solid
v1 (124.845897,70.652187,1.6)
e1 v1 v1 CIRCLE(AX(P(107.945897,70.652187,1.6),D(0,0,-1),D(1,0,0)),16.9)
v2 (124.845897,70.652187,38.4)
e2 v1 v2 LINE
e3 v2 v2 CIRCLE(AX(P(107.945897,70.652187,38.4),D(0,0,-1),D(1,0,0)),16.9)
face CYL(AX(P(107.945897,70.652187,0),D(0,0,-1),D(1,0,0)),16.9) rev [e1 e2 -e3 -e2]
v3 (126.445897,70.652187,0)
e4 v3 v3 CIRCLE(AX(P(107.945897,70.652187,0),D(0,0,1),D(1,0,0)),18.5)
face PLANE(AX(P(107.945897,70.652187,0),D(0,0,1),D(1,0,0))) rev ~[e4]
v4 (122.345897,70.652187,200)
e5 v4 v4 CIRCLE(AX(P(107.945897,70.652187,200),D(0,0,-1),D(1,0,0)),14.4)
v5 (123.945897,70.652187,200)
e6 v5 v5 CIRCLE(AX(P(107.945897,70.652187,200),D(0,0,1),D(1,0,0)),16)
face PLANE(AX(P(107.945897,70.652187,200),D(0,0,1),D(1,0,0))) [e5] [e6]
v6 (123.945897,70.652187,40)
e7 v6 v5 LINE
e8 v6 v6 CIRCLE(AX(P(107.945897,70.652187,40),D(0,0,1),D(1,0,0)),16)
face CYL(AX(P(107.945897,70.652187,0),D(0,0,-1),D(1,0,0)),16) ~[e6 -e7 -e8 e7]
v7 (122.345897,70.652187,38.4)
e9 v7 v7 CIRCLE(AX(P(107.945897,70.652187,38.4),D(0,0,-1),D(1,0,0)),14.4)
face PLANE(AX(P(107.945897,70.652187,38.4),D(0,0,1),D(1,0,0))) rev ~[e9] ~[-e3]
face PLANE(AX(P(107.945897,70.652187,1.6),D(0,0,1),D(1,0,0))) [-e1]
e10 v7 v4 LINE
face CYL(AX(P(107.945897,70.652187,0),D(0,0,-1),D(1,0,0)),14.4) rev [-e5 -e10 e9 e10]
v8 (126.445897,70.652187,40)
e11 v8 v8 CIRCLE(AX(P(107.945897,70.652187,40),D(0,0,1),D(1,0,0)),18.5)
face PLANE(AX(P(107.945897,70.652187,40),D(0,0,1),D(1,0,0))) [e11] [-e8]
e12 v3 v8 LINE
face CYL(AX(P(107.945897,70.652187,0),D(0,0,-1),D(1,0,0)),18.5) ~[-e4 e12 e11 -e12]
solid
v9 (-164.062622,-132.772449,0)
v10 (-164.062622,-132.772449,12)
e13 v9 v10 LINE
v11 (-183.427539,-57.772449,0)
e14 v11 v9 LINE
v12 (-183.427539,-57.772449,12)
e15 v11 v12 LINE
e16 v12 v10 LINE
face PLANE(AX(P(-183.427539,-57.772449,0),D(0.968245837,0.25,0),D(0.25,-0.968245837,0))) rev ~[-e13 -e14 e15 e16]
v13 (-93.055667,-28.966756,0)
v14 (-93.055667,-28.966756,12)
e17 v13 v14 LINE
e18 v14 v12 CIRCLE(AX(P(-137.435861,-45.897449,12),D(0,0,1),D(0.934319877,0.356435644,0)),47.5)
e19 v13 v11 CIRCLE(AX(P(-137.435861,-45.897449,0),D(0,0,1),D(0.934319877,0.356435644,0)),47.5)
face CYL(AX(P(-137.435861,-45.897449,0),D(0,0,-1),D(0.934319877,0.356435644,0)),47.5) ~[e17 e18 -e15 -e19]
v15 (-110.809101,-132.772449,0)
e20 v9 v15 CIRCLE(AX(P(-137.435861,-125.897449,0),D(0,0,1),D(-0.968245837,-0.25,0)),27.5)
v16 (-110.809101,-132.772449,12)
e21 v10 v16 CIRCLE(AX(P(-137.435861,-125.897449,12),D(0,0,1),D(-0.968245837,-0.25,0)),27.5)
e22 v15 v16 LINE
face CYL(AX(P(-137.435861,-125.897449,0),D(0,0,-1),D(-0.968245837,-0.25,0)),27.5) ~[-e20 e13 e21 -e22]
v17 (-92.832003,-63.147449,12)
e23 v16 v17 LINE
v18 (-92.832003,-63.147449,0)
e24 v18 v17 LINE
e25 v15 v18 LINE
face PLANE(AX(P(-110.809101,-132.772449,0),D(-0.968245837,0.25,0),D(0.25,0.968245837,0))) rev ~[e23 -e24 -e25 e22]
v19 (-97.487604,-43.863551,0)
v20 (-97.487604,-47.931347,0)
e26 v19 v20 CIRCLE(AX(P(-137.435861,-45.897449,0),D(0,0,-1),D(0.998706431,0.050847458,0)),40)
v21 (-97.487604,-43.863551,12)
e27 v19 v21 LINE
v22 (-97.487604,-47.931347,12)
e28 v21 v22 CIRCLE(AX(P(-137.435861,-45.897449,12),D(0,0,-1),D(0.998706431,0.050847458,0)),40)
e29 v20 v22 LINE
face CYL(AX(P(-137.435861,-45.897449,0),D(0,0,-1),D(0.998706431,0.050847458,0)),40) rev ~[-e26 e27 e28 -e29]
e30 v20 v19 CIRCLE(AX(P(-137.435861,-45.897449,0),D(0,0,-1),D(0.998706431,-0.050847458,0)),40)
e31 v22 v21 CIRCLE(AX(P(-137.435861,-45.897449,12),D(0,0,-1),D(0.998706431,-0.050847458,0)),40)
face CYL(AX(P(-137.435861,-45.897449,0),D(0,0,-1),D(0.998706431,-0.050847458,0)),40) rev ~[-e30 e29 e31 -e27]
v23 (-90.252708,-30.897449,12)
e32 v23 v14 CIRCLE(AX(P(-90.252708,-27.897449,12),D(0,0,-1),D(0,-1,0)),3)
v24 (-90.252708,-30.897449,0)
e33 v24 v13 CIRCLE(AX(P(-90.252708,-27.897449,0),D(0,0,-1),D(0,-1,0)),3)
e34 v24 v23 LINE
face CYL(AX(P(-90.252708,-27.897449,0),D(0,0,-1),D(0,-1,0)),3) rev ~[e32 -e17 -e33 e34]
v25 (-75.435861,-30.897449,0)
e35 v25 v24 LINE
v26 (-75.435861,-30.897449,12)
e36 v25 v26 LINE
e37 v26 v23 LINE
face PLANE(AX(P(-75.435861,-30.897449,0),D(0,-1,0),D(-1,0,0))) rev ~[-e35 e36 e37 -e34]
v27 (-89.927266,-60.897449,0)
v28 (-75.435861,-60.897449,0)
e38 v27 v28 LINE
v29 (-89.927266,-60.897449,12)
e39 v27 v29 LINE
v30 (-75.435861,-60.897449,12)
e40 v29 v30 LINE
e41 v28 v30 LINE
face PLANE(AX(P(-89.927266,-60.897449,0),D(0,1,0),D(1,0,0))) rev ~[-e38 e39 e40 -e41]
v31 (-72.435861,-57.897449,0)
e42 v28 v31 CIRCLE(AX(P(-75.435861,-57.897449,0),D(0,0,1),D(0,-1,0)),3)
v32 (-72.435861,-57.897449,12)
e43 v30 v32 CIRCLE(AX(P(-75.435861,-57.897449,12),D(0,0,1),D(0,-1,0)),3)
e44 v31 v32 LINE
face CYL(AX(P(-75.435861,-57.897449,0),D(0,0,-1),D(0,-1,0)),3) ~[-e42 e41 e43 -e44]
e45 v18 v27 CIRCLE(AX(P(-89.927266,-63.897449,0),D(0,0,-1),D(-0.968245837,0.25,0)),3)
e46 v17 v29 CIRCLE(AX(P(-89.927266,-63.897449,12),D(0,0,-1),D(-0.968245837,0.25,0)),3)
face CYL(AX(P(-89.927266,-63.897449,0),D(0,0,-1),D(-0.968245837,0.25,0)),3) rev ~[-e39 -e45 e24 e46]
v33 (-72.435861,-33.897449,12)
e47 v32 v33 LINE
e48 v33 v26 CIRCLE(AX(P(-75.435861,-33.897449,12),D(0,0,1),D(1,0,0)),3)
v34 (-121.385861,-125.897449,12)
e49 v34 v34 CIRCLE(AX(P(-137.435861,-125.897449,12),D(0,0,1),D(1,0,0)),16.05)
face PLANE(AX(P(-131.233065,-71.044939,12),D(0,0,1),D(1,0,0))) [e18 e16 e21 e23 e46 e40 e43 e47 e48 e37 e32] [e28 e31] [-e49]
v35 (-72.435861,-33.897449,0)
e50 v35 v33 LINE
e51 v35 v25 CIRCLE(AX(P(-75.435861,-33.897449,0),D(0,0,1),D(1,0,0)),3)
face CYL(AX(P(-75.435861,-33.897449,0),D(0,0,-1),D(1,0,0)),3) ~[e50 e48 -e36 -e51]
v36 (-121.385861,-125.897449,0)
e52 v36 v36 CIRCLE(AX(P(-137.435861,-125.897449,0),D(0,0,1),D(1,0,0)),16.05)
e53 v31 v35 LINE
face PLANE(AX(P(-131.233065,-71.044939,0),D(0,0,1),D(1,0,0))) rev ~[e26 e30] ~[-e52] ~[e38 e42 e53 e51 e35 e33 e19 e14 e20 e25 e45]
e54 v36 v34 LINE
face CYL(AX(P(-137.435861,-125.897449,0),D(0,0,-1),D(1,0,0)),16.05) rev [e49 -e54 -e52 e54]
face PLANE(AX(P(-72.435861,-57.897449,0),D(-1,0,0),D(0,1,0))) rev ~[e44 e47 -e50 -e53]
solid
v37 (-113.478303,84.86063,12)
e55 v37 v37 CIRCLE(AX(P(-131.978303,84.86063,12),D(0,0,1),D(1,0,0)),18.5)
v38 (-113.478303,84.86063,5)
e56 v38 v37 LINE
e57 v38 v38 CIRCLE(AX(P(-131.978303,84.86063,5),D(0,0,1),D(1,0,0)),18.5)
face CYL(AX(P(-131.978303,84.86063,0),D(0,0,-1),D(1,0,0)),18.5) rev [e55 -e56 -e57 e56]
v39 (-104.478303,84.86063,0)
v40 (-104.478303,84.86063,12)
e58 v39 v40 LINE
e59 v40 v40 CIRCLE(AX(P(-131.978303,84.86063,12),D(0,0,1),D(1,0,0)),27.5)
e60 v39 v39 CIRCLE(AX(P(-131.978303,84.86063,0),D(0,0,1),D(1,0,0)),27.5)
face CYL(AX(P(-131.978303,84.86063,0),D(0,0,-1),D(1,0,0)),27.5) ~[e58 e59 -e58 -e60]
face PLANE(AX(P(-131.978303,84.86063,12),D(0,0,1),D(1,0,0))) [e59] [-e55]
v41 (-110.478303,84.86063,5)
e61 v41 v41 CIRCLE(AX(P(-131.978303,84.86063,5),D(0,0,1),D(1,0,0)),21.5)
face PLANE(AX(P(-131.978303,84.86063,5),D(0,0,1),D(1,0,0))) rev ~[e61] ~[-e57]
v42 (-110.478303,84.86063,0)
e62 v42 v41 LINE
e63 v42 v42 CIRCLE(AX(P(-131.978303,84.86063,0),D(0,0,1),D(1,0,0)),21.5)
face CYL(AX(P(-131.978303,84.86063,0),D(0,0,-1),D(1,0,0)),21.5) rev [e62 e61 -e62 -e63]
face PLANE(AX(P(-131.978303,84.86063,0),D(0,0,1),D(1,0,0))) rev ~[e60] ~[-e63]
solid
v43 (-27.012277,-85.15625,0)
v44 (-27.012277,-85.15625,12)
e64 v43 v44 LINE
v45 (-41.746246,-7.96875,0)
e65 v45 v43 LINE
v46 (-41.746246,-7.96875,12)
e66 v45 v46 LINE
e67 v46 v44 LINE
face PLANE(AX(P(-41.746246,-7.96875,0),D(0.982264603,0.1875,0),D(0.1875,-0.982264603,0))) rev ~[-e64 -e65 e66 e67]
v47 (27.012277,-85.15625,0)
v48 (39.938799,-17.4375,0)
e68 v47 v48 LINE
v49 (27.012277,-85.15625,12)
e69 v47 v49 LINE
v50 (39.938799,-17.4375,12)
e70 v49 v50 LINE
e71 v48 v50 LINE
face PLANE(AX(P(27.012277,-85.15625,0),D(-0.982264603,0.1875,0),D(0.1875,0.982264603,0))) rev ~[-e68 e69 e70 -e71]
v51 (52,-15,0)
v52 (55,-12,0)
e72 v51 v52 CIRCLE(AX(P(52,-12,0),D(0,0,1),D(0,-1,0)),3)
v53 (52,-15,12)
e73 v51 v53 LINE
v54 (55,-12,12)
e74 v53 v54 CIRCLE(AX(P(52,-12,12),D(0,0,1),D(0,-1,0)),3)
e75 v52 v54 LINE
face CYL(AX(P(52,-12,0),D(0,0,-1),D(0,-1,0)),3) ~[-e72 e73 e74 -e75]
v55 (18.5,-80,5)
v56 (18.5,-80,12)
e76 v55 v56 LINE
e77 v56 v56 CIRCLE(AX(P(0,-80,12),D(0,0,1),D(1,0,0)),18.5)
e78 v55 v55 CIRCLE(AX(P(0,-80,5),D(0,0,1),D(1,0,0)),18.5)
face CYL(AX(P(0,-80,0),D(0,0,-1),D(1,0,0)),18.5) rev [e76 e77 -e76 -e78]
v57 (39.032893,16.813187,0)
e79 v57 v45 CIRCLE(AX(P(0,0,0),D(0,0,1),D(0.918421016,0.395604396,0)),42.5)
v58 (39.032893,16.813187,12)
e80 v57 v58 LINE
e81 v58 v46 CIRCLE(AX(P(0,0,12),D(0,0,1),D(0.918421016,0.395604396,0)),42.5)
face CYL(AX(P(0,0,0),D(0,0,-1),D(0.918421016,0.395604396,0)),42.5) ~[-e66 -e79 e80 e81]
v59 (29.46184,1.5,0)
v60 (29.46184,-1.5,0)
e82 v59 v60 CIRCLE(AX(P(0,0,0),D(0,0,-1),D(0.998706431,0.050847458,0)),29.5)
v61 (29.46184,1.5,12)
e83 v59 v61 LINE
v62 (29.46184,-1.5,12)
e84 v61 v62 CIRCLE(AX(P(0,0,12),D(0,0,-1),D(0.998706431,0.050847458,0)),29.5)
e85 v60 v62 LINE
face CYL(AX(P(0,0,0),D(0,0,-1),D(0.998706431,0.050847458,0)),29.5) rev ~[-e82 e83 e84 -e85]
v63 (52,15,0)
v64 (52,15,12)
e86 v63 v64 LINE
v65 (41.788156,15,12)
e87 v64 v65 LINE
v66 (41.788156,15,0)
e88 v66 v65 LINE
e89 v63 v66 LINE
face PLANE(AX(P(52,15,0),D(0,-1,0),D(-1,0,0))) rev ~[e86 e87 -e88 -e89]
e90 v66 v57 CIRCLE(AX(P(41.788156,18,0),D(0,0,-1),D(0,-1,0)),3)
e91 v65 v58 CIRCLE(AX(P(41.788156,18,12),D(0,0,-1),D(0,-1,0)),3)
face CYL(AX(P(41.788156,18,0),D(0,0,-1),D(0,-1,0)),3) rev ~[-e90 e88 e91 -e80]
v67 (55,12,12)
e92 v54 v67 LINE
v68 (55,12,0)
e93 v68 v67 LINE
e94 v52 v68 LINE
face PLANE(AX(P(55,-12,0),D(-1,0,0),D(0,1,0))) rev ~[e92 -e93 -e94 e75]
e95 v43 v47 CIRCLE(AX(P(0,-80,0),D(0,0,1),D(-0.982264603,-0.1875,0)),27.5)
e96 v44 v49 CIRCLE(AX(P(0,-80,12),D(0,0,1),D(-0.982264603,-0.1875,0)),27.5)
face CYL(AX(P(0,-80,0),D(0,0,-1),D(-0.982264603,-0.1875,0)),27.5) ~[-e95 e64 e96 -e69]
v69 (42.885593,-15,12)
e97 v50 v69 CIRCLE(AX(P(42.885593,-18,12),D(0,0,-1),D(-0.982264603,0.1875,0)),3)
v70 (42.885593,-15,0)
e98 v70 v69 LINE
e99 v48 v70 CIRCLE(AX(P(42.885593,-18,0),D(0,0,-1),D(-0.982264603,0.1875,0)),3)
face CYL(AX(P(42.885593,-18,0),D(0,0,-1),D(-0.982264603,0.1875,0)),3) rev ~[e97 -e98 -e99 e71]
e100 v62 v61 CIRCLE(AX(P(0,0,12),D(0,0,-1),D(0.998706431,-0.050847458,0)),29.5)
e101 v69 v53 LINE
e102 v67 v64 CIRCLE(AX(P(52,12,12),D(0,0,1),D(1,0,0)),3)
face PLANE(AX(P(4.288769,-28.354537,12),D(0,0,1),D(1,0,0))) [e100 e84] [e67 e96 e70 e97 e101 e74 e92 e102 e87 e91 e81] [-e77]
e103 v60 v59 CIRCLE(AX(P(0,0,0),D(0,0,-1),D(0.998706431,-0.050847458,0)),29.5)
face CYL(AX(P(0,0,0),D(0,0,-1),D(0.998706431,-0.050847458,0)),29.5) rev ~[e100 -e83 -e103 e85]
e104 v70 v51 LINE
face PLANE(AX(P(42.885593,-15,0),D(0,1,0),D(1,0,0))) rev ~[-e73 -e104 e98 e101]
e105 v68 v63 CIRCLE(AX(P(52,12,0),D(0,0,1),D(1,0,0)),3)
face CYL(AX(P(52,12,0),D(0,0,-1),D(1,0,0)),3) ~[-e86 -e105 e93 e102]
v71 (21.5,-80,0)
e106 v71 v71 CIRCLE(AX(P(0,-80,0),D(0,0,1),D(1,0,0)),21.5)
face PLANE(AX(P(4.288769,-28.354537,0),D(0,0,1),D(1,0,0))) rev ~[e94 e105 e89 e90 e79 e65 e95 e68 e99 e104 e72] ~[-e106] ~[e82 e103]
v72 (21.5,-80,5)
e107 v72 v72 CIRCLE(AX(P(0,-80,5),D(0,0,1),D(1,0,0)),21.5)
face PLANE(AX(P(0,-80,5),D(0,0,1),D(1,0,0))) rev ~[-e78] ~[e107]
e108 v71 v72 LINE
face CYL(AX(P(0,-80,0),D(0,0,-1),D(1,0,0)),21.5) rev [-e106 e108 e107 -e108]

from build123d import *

# Parameters (mm, degrees)
F0_R     = 21.5
F0_R_2   = 18.5
F1_DEPTH = 12
F0_R_3   = 16.05
F0_R_4   = 27.5
F0_R_5   = 16
F2_DEPTH = 200
F3_DEPTH = 40
F4_DEPTH = 5
F5_DEPTH = 5
F6_T     = -1.6


with BuildPart() as f1:
    # F0 (on Top) → F1 (new body)
    with BuildSketch(Plane.XY):
        with BuildLine():
            ThreePointArc((41.7881562168, 15), (40.1389805986, 15.4939633322), (39.0328931695, 16.8131868132))
            ThreePointArc((39.0328931695, 16.8131868132), (-12.4650177872, 40.6309405695), (-41.7462456209, -7.96875))
            Line((-41.7462456209, -7.96875), (-27.0122765782, -85.15625))
            ThreePointArc((-27.0122765782, -85.15625), (0, -107.5), (27.0122765782, -85.15625))
            Line((27.0122765782, -85.15625), (39.938799216, -17.4375))
            ThreePointArc((39.938799216, -17.4375), (40.973460707, -15.6883447489), (42.8855930246, -15))
            Line((42.8855930246, -15), (52, -15))
            ThreePointArc((52, -15), (54.1213203436, -14.1213203436), (55, -12))
            Line((55, -12), (55, -1.5))
            Line((55, -1.5), (55, 1.5))
            Line((55, 1.5), (55, 12))
            ThreePointArc((55, 12), (54.1213203436, 14.1213203436), (52, 15))
            Line((52, 15), (41.7881562168, 15))
        make_face()
        with Locations((0, -80)):
            Circle(F0_R, mode=Mode.SUBTRACT)
        with BuildLine():
            ThreePointArc((29.4618397253, -1.5), (-29.5, 0), (29.4618397253, 1.5))
            ThreePointArc((29.4618397253, 1.5), (29.5, 0), (29.4618397253, -1.5))
        make_face(mode=Mode.SUBTRACT)
        with Locations((0, -80)):
            Circle(F0_R)
        with Locations((0, -80)):
            Circle(F0_R_2, mode=Mode.SUBTRACT)
    extrude(amount=F1_DEPTH)

    # F0 (on Top) → F4 (cut)
    with BuildSketch(Plane.XY):
        with Locations((0, -80)):
            Circle(F0_R)
        with Locations((0, -80)):
            Circle(F0_R_2, mode=Mode.SUBTRACT)
    extrude(amount=F4_DEPTH, mode=Mode.SUBTRACT)


with BuildPart() as f1b:
    # F0 (on Top) → F1, piece 2 (new body)
    with BuildSketch(Plane.XY):
        with BuildLine():
            ThreePointArc((-90.2527075587, -30.8974491381), (-91.9544829857, -30.3680685738), (-93.0556671888, -28.9667560688))
            ThreePointArc((-93.0556671888, -28.9667560688), (-151.8612281468, -0.640860753), (-183.4275385683, -57.7724491381))
            Line((-183.4275385683, -57.7724491381), (-164.0626218372, -132.7724491381))
            ThreePointArc((-164.0626218372, -132.7724491381), (-137.4358613321, -153.3974491381), (-110.8091008269, -132.7724491381))
            Line((-110.8091008269, -132.7724491381), (-92.8320031282, -63.1474491381))
            ThreePointArc((-92.8320031282, -63.1474491381), (-91.7643829257, -61.525740893), (-89.9272656186, -60.8974491381))
            Line((-89.9272656186, -60.8974491381), (-75.4358613321, -60.8974491381))
            ThreePointArc((-75.4358613321, -60.8974491381), (-73.3145409885, -60.0187694817), (-72.4358613321, -57.8974491381))
            Line((-72.4358613321, -57.8974491381), (-72.4358613321, -47.3974491381))
            Line((-72.4358613321, -47.3974491381), (-72.4358613321, -44.3974491381))
            Line((-72.4358613321, -44.3974491381), (-72.4358613321, -33.8974491381))
            ThreePointArc((-72.4358613321, -33.8974491381), (-73.3145409885, -31.7761287946), (-75.4358613321, -30.8974491381))
            Line((-75.4358613321, -30.8974491381), (-90.2527075587, -30.8974491381))
        make_face()
        with Locations((-137.4358613321, -125.8974491381)):
            Circle(F0_R_3, mode=Mode.SUBTRACT)
        with BuildLine():
            ThreePointArc((-97.4876040774, -47.9313474432), (-177.4358613321, -45.8974491381), (-97.4876040774, -43.8635508331))
            ThreePointArc((-97.4876040774, -43.8635508331), (-97.4358613321, -45.8974491381), (-97.4876040774, -47.9313474432))
        make_face(mode=Mode.SUBTRACT)
    extrude(amount=F1_DEPTH)


with BuildPart() as f1c:
    # F0 (on Top) → F1, piece 3 (new body)
    with BuildSketch(Plane.XY):
        with Locations((-131.978303194, 84.8606303334)):
            Circle(F0_R_4)
        with Locations((-131.978303194, 84.8606303334)):
            Circle(F0_R, mode=Mode.SUBTRACT)
        with Locations((-131.978303194, 84.8606303334)):
            Circle(F0_R)
        with Locations((-131.978303194, 84.8606303334)):
            Circle(F0_R_2, mode=Mode.SUBTRACT)
    extrude(amount=F1_DEPTH)

    # F0 (on Top) → F5 (cut)
    with BuildSketch(Plane.XY):
        with Locations((-131.978303194, 84.8606303334)):
            Circle(F0_R)
        with Locations((-131.978303194, 84.8606303334)):
            Circle(F0_R_2, mode=Mode.SUBTRACT)
    extrude(amount=F5_DEPTH, mode=Mode.SUBTRACT)


with BuildPart() as f2:
    # F0 (on Top) → F2 (new body)
    with BuildSketch(Plane.XY):
        with Locations((107.9458966851, 70.6521868706)):
            Circle(F0_R_5)
    extrude(amount=F2_DEPTH)

    # F0 (on Top) → F3 (join)
    with BuildSketch(Plane.XY):
        with Locations((107.9458966851, 70.6521868706)):
            Circle(F0_R_2)
        with Locations((107.9458966851, 70.6521868706)):
            Circle(F0_R_5, mode=Mode.SUBTRACT)
    extrude(amount=F3_DEPTH)

    # F6
    f6_openings = [f2.faces().sort_by_distance(p)[0] for p in [
        (107.945897, 70.652187, 200),
    ]]
    offset(amount=F6_T, openings=f6_openings, kind=Kind.INTERSECTION)


solid = Compound([f1.part, f1b.part, f1c.part, f2.part])
